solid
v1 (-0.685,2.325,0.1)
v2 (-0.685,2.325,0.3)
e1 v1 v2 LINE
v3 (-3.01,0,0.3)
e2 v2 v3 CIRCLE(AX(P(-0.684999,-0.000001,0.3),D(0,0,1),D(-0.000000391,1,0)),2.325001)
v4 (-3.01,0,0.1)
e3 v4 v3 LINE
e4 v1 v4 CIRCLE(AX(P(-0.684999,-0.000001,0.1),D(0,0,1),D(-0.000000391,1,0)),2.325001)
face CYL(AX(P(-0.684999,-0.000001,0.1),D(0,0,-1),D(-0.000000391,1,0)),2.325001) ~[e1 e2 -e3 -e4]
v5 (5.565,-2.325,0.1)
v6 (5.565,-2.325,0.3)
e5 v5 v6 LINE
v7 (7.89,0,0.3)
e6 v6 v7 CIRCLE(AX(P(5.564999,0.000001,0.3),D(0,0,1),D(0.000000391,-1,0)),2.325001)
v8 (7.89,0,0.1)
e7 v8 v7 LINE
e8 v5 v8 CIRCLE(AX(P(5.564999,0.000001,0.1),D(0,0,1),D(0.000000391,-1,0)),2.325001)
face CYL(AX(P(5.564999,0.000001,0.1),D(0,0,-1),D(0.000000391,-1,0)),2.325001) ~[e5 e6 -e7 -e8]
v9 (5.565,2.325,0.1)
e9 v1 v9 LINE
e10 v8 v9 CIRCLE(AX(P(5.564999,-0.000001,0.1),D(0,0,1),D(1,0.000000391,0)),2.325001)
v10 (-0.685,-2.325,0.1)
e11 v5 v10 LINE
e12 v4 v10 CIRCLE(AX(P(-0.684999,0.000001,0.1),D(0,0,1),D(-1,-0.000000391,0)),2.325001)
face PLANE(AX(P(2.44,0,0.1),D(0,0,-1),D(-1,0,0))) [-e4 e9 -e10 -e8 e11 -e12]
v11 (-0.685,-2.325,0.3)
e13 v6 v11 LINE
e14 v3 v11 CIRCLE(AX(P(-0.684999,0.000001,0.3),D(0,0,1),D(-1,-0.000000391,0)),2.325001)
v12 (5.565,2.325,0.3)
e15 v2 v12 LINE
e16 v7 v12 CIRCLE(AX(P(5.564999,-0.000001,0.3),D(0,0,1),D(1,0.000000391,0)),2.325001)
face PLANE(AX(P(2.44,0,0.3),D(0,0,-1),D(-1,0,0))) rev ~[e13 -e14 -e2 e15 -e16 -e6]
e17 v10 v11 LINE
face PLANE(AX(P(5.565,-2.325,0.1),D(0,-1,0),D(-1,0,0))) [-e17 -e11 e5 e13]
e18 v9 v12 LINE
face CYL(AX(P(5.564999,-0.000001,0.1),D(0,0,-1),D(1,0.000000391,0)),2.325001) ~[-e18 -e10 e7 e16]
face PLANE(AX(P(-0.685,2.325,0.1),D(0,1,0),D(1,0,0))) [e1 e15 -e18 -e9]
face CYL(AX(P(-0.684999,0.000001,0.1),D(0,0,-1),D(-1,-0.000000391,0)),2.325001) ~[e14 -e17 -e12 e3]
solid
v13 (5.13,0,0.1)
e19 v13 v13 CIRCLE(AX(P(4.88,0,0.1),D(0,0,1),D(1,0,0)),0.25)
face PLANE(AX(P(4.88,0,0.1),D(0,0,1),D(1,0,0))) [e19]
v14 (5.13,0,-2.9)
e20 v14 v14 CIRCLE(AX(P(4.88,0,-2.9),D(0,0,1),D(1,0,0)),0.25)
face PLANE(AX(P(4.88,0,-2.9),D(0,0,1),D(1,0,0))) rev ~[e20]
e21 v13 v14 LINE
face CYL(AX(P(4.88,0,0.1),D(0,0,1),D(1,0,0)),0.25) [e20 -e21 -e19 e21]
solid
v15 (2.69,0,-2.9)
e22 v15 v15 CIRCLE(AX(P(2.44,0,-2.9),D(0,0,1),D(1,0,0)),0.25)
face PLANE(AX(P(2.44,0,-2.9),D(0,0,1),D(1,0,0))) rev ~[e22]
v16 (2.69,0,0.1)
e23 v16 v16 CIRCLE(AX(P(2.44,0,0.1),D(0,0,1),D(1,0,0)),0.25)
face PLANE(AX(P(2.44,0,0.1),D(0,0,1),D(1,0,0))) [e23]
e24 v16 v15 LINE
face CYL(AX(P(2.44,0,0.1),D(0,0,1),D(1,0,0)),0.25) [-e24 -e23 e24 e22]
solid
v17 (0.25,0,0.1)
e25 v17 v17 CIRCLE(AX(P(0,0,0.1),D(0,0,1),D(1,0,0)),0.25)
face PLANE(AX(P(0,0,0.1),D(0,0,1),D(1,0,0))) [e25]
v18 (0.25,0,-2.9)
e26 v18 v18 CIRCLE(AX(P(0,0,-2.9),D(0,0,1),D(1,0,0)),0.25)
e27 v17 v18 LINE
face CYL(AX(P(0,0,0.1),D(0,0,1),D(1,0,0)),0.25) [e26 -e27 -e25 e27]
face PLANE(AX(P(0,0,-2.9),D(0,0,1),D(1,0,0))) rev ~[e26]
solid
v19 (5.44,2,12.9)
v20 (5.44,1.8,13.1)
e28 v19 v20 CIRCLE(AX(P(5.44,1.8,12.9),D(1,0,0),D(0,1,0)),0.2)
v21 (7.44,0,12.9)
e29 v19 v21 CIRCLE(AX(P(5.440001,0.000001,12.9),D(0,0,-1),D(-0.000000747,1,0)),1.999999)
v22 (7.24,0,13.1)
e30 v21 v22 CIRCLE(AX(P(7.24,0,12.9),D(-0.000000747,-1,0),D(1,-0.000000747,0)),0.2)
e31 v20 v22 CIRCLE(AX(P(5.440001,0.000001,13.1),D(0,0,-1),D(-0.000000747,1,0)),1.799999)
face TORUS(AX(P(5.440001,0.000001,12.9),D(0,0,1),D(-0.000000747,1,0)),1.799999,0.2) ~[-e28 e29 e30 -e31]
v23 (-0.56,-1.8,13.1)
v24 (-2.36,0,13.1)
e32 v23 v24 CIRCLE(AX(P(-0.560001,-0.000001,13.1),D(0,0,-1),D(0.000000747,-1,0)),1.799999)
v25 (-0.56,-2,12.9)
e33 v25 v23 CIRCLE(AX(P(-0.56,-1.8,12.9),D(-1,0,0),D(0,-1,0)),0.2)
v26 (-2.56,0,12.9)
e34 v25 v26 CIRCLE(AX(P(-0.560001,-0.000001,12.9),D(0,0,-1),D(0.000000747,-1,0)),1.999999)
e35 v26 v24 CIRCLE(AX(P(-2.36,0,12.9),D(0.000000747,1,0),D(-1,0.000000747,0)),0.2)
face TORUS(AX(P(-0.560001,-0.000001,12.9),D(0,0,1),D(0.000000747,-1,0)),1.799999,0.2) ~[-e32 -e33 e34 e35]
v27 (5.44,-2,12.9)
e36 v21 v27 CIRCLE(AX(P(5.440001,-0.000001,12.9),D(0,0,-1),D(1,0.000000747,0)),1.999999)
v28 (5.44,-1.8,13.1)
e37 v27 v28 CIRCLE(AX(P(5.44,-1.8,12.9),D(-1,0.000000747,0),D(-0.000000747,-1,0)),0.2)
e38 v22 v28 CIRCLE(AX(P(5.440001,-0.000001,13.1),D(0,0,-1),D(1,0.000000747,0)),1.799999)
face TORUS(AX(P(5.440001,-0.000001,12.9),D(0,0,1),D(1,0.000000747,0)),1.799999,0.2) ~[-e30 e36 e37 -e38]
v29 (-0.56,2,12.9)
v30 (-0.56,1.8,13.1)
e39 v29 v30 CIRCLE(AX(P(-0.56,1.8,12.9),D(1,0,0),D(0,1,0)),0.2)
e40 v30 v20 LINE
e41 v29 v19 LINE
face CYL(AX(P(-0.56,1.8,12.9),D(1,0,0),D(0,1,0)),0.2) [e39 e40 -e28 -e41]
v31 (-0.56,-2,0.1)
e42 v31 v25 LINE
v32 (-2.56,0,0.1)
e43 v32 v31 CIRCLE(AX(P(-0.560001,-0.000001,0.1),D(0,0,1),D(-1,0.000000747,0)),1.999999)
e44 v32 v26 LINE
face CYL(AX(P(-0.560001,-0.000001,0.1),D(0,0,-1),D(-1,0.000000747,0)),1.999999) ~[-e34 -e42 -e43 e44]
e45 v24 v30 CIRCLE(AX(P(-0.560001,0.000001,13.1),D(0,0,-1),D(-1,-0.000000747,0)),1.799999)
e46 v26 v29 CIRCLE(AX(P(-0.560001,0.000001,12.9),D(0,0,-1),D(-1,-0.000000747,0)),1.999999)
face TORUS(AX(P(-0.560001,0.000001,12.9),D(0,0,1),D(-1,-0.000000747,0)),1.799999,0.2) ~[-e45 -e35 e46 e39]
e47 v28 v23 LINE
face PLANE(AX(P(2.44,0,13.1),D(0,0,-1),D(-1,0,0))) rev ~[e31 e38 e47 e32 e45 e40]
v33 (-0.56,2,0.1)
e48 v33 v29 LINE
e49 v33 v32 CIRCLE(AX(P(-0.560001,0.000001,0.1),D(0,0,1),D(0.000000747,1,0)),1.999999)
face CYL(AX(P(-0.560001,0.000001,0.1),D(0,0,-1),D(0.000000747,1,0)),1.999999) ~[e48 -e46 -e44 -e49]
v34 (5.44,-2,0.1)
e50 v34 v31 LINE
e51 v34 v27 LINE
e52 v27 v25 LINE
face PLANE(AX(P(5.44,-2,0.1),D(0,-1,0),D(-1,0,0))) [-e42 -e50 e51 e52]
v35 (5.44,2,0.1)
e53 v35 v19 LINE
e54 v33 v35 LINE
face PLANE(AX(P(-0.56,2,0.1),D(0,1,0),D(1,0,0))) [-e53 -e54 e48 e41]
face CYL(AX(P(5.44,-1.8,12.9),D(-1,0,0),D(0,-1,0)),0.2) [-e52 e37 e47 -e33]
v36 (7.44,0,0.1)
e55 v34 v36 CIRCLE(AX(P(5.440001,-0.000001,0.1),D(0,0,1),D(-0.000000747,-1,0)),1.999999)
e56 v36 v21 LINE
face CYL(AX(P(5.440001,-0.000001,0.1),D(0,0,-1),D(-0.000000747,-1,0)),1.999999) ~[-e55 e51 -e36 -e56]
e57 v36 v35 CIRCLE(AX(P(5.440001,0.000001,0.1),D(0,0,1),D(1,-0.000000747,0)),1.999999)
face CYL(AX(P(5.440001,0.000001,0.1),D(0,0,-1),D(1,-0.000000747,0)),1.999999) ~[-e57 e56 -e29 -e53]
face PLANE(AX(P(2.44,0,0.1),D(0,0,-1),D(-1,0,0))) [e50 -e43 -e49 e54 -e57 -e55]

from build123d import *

# Parameters (mm, degrees)
SKETCH_R     = 0.25
PAD_DEPTH    = 3
PAD001_DEPTH = 0.2
PAD002_DEPTH = 13
FILLET_R     = 0.2


with BuildPart() as pad:
    # Sketch → Pad (new body)
    with BuildSketch(Plane.XY.offset(0.1)):
        Circle(SKETCH_R)
        with Locations((4.88, 0)):
            Circle(SKETCH_R)
        with Locations((2.44, 0)):
            Circle(SKETCH_R)
    extrude(amount=-PAD_DEPTH)


with BuildPart() as pad001:
    # Sketch001 → Pad001 (new body)
    with BuildSketch(Plane.XY.offset(0.1)):
        with BuildLine():
            Line((-0.685, 2.325), (5.565, 2.325))
            ThreePointArc((7.89, 0), (7.209023, 1.644023), (5.565, 2.325))
            ThreePointArc((5.565, -2.325), (7.209023, -1.644023), (7.89, 0))
            Line((5.565, -2.325), (-0.685, -2.325))
            ThreePointArc((-3.01, 0), (-2.329023, -1.644023), (-0.685, -2.325))
            ThreePointArc((-0.685, 2.325), (-2.329023, 1.644023), (-3.01, 0))
        make_face()
    extrude(amount=PAD001_DEPTH)


with BuildPart() as fillet_body:
    # Sketch003 → Pad002 (new body)
    with BuildSketch(Plane.XY.offset(0.1)):
        with BuildLine():
            Line((-0.56, 2), (5.44, 2))
            ThreePointArc((7.44, 0), (6.854214, 1.414214), (5.44, 2))
            ThreePointArc((5.44, -2), (6.854214, -1.414214), (7.44, 0))
            Line((5.44, -2), (-0.56, -2))
            ThreePointArc((-2.56, 0), (-1.974214, -1.414214), (-0.56, -2))
            ThreePointArc((-0.56, 2), (-1.974214, 1.414214), (-2.56, 0))
        make_face()
    extrude(amount=PAD002_DEPTH)

    # Fillet
    fillet_edges = [fillet_body.edges().sort_by_distance(p)[0] for p in [
        (2.44, 2, 13.1),
        (-1.974214, 1.414214, 13.1),
        (-1.974214, -1.414214, 13.1),
        (2.44, -2, 13.1),
        (6.854214, -1.414214, 13.1),
        (6.854214, 1.414214, 13.1),
    ]]
    fillet(fillet_edges, radius=FILLET_R)


solid = Compound([pad.part, pad001.part, fillet_body.part])
